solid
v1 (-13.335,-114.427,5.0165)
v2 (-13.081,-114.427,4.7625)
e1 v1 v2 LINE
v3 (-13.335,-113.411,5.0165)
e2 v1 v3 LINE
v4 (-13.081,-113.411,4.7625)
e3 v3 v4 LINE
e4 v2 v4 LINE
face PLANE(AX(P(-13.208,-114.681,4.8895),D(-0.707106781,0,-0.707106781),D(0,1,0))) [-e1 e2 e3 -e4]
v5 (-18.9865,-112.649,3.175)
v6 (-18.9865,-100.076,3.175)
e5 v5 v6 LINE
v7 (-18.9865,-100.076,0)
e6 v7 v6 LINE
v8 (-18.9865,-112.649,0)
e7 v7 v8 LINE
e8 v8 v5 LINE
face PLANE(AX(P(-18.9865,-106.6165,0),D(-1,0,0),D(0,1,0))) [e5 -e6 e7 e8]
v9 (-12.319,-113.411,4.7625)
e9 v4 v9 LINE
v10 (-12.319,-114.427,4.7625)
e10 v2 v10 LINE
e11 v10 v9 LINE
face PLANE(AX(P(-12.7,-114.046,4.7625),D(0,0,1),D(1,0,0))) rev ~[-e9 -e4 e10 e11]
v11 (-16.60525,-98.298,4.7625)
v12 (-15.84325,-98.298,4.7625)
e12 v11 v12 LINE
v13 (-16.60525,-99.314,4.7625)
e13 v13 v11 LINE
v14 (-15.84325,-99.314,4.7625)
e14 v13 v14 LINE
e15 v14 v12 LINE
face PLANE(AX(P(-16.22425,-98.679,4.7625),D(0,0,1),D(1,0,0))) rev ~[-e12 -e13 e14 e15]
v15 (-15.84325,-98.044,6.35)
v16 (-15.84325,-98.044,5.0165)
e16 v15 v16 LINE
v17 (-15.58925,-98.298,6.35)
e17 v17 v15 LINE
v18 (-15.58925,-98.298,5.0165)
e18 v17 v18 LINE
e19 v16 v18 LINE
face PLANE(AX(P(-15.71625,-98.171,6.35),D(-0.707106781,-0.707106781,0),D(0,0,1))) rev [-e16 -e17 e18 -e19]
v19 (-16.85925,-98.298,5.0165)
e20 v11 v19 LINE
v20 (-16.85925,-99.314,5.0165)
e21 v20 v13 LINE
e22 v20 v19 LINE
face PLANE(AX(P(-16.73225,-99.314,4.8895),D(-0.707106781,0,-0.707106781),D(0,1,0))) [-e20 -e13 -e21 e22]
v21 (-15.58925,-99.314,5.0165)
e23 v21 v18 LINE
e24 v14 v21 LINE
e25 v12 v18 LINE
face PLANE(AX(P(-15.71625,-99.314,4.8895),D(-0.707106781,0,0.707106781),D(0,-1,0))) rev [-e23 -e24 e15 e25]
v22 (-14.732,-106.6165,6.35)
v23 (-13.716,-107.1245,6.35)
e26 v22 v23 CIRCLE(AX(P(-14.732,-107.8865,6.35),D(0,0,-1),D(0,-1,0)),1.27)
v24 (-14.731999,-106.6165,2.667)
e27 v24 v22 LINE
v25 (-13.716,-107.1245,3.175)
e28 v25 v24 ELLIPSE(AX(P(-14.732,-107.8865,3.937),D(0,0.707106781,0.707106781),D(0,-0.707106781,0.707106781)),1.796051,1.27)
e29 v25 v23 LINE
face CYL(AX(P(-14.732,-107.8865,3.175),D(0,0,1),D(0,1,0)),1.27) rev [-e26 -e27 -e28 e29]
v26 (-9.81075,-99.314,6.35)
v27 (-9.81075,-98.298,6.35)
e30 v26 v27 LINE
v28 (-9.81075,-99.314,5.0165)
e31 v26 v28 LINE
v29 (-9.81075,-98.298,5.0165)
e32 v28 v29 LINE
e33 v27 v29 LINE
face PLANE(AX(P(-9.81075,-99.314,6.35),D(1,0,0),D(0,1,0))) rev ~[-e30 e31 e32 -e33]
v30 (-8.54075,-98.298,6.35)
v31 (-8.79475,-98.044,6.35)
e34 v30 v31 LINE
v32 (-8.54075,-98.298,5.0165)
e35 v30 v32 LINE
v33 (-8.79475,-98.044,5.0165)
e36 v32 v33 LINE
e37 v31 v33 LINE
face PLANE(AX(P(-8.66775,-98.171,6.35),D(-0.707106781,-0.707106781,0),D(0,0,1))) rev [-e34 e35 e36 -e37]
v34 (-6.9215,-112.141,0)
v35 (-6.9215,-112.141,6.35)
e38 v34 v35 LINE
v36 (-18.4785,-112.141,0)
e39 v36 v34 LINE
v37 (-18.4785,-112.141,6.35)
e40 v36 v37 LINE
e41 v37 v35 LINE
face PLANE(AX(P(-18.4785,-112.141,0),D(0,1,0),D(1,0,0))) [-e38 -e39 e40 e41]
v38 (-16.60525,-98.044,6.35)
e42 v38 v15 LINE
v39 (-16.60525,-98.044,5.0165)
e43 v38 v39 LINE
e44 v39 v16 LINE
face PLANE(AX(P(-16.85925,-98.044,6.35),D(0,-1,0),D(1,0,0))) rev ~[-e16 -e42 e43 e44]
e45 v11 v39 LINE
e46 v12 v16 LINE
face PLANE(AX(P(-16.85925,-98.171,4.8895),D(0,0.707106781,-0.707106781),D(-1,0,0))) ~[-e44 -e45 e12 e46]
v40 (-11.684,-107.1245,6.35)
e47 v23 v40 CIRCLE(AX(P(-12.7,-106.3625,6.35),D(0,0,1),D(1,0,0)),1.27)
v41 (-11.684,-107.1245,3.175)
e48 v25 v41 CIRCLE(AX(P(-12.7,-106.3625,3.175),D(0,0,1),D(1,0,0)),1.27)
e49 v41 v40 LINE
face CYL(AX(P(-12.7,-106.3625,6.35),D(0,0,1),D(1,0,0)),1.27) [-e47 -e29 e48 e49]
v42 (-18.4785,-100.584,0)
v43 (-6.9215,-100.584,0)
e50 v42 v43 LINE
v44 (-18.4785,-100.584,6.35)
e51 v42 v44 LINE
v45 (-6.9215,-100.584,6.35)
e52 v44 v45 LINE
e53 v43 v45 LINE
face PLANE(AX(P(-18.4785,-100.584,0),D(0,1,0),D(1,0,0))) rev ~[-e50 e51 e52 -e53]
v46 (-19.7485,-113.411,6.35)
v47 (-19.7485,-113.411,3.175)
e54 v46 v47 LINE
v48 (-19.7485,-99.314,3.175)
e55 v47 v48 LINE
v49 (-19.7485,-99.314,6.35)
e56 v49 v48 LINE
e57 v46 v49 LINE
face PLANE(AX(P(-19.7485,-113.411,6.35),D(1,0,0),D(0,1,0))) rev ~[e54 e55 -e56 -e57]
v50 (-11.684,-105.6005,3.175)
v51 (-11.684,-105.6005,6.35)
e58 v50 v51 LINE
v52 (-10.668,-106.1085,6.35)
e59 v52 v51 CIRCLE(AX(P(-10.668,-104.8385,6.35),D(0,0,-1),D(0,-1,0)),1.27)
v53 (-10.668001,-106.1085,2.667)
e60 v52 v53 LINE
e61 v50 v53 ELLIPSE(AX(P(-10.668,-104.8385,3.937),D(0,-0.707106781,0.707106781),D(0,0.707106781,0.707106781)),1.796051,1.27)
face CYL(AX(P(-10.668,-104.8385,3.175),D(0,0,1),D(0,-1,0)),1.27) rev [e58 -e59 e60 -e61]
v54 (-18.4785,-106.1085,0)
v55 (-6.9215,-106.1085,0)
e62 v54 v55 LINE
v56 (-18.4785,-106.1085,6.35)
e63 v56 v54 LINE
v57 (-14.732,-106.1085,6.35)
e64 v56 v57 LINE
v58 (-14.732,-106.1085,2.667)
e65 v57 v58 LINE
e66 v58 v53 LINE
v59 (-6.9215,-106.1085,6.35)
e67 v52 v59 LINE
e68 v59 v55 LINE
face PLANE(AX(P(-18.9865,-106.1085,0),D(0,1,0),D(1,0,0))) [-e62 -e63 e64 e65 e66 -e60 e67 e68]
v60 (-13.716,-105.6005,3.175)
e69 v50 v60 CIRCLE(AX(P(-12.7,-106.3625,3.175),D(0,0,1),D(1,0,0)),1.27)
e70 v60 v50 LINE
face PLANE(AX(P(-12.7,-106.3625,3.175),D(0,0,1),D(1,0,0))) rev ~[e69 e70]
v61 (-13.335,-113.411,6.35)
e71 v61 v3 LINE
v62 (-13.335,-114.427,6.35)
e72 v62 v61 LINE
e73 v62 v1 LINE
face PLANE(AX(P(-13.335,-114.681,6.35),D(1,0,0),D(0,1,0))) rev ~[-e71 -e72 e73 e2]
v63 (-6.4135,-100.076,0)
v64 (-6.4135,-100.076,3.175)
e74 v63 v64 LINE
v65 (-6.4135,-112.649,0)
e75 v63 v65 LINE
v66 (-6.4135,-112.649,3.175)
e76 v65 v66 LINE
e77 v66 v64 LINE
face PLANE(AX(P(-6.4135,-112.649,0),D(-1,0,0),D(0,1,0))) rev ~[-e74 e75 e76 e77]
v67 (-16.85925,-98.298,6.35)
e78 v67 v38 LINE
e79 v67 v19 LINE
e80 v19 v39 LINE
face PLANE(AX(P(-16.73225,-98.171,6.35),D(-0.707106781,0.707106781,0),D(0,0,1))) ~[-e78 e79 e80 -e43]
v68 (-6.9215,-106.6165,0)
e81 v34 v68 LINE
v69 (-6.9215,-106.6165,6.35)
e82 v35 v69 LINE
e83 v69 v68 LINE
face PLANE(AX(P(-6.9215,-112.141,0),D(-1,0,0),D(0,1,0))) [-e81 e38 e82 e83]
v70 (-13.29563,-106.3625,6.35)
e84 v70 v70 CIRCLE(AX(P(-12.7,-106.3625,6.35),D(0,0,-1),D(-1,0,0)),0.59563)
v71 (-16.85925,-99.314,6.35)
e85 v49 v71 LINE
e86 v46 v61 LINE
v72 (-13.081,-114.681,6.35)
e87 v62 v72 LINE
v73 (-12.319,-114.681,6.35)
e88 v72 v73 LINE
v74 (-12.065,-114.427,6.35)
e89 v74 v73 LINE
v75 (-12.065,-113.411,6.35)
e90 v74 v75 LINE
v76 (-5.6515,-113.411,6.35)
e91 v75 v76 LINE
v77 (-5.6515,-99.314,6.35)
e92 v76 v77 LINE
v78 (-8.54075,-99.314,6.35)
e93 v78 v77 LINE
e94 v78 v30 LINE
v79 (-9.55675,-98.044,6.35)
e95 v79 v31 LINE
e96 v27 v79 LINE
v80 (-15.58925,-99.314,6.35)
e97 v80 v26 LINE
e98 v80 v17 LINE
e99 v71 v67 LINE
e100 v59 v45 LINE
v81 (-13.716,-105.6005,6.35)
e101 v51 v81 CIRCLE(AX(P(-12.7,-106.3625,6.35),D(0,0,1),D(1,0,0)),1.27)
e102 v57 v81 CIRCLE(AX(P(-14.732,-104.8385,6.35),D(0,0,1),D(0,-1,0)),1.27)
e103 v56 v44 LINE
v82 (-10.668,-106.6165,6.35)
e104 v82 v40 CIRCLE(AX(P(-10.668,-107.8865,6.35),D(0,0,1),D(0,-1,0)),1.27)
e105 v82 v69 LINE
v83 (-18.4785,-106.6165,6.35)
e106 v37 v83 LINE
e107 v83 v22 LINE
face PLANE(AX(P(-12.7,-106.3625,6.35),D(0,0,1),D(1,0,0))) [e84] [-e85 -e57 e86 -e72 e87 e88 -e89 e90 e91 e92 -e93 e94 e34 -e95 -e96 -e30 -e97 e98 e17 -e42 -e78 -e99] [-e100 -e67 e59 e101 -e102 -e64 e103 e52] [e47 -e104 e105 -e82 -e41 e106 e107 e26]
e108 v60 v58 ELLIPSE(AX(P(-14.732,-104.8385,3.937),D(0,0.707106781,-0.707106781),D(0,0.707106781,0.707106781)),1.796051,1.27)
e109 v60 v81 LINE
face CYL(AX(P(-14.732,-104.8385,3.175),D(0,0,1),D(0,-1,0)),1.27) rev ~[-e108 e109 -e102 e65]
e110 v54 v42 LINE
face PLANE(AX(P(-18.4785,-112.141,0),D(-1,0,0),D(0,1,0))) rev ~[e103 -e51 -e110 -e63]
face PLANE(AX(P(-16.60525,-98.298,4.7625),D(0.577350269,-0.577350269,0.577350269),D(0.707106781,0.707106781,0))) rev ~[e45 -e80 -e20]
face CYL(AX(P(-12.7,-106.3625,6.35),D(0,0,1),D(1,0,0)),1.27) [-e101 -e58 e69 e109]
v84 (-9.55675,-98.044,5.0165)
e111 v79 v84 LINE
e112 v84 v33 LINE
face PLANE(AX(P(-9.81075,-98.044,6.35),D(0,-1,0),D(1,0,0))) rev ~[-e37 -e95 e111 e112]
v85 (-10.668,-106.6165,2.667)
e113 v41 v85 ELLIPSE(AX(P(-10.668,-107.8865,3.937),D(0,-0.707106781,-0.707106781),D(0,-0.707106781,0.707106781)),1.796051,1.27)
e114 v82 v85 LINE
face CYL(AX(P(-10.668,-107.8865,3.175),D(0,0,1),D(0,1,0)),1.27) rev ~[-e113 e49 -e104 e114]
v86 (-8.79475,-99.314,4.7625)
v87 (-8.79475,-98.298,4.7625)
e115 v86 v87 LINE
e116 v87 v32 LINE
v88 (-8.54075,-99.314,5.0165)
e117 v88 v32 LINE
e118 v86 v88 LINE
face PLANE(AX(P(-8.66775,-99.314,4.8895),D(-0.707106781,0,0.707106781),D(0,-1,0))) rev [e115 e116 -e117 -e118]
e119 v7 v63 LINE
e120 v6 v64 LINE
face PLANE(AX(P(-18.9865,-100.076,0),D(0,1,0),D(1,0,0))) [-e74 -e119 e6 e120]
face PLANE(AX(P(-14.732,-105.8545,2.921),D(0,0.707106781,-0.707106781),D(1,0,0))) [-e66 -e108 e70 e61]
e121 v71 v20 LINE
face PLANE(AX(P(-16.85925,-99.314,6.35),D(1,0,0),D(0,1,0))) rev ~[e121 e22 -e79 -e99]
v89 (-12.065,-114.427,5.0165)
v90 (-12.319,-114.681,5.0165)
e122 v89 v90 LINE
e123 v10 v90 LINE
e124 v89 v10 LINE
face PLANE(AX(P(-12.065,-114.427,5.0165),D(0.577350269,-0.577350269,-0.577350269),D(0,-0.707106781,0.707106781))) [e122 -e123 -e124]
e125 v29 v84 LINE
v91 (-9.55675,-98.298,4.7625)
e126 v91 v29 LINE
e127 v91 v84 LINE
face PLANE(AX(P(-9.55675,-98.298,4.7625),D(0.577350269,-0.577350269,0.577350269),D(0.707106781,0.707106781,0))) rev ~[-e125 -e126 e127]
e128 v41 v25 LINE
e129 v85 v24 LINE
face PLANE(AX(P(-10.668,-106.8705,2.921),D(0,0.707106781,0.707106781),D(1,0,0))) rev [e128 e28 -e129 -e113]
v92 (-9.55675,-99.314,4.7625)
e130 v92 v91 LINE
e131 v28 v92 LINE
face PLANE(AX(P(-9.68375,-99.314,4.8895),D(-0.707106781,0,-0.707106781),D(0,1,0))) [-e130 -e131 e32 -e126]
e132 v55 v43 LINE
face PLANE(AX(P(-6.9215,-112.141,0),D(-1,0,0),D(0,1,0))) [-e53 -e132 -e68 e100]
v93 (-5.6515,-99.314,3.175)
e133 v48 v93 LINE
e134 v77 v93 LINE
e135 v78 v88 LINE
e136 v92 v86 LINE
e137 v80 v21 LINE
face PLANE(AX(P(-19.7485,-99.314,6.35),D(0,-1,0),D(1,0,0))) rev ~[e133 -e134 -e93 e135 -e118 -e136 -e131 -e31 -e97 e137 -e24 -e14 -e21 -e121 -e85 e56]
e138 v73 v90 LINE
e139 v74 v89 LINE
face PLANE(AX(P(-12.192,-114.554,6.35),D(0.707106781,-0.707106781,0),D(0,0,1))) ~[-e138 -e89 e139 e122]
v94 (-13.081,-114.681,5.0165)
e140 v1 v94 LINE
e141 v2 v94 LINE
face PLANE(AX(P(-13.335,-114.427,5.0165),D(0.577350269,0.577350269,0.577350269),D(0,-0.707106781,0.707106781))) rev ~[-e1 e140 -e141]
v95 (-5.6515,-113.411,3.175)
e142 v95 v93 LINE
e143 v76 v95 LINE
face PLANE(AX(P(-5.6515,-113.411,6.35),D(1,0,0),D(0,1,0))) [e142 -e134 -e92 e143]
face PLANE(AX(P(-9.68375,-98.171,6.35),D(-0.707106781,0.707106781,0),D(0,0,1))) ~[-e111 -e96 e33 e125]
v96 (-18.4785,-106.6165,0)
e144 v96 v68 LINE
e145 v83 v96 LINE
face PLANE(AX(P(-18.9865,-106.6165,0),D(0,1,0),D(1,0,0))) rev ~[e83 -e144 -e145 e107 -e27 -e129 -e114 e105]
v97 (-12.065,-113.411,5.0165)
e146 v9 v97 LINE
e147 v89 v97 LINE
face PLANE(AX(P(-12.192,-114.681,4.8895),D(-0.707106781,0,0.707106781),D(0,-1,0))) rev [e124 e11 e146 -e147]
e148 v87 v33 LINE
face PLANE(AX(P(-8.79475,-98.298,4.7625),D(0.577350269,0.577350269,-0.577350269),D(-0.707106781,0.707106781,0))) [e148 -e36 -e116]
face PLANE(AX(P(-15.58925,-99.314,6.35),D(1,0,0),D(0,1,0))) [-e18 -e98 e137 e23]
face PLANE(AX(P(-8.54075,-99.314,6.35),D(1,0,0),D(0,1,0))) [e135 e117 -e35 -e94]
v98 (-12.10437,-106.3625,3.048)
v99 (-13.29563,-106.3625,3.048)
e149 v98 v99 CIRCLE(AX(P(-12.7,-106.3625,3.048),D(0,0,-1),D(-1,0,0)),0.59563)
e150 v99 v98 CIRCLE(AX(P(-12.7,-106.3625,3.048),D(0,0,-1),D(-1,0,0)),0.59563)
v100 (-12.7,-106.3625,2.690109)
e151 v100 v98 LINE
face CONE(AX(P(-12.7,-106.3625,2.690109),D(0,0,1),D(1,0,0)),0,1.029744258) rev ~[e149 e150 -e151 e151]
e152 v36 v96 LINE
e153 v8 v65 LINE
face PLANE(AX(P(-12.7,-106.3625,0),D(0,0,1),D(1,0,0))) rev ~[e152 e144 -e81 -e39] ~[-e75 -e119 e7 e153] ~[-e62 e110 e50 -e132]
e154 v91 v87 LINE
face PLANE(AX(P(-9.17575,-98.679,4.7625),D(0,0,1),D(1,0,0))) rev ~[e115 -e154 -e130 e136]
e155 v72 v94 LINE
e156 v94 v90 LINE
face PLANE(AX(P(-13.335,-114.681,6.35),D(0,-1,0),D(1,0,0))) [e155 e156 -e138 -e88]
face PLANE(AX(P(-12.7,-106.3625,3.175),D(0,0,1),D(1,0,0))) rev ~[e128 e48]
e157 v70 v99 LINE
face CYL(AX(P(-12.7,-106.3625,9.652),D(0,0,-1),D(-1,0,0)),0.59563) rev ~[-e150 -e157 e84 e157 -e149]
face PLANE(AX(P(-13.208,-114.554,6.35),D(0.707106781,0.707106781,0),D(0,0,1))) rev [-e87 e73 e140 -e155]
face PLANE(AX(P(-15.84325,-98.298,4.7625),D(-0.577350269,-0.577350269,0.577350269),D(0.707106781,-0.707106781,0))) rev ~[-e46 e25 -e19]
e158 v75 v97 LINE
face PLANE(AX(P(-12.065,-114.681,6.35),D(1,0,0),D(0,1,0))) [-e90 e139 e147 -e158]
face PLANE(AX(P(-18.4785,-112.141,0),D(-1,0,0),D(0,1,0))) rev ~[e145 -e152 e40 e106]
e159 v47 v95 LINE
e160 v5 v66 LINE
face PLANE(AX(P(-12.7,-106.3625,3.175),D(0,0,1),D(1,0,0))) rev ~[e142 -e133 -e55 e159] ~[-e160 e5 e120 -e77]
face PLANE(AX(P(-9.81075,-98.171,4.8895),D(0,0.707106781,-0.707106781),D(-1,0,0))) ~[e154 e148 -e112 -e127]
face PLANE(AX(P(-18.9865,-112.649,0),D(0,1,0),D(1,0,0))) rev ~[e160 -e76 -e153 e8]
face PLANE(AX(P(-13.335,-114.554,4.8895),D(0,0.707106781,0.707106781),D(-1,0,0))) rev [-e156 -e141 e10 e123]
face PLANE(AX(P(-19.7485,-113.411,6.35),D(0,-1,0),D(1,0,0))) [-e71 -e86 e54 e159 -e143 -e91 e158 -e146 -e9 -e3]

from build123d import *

# Parameters (mm, degrees)
SKETCH1_W                 = 12.573
SKETCH1_H                 = 12.573
SKETCH1_W_2               = 11.557
SKETCH1_H_2               = 11.557
EXTRUDE_THIN1_DEPTH       = 6.35
SKETCH1_4_W               = 12.573
SKETCH1_4_H               = 0.508
EXTRUDE_THIN2_DEPTH       = 6.35
SKETCH2_W                 = 14.097
SKETCH2_H                 = 14.097
SKETCH2_W_2               = 12.573
SKETCH2_H_2               = 12.573
BOSS_EXTRUDE1_DEPTH       = 3.175
SKETCH3_R                 = 1.27
BOSS_EXTRUDE2_DEPTH       = 3.175
FILLET2_R                 = 1.27
CHAMFER1_SIZE             = 0.508
F_0_80_TAPPED_HOLE1_D     = 1.19126
F_0_80_TAPPED_HOLE1_DEPTH = 3.302
F_0_80_TAPPED_HOLE1_TIP   = 0.357890611
SKETCH6_W                 = 1.27
SKETCH6_H                 = 1.27
EXTRUDE_THIN3_DEPTH       = 1.5875
CHAMFER2_SIZE             = 0.254


with BuildPart() as part:
    # Sketch1 → Extrude-Thin1 (new body)
    with BuildSketch(Plane.XY):
        with Locations((-12.7, -106.3625)):
            Rectangle(SKETCH1_W, SKETCH1_H)
        with Locations((-12.7, -106.3625)):
            Rectangle(SKETCH1_W_2, SKETCH1_H_2, mode=Mode.SUBTRACT)
    extrude(amount=EXTRUDE_THIN1_DEPTH)

    # Sketch1<4> → Extrude-Thin2 (add, through all)
    with BuildSketch(Plane.XY):
        with Locations((-12.7, -106.3625)):
            Rectangle(SKETCH1_4_W, SKETCH1_4_H)
    extrude(amount=EXTRUDE_THIN2_DEPTH)

    # Sketch2 → Boss-Extrude1 (add)
    with BuildSketch(Plane.XY.offset(6.35)):
        with Locations((-12.7, -106.3625)):
            Rectangle(SKETCH2_W, SKETCH2_H)
        with Locations((-12.7, -106.3625)):
            Rectangle(SKETCH2_W_2, SKETCH2_H_2, mode=Mode.SUBTRACT)
    extrude(amount=-BOSS_EXTRUDE1_DEPTH)

    # Sketch3 → Boss-Extrude2 (add)
    with BuildSketch(Plane.XY.offset(6.35)):
        with Locations((-12.7, -106.3625)):
            Circle(SKETCH3_R)
    extrude(amount=-BOSS_EXTRUDE2_DEPTH)

    # Fillet2
    fillet2_edges = [part.edges().sort_by_distance(p)[0] for p in [
        (-13.944340789, -106.6165, 4.7625),
        (-11.455659211, -106.6165, 4.7625),
        (-11.455659211, -106.1085, 4.7625),
        (-13.944340789, -106.1085, 4.7625),
    ]]
    fillet(fillet2_edges, radius=FILLET2_R)

    # Chamfer1
    chamfer1_edges = [part.edges().sort_by_distance(p)[0] for p in [
        (-12.7, -106.6165, 3.175),
        (-12.7, -106.1085, 3.175),
    ]]
    chamfer(chamfer1_edges, length=CHAMFER1_SIZE)

    # #0-80 Tapped Hole1
    with Locations(Plane.XY.offset(6.35)):
        with Locations((-12.7, -106.3625)):
            Hole(F_0_80_TAPPED_HOLE1_D / 2, depth=F_0_80_TAPPED_HOLE1_DEPTH)
            with Locations((0, 0, -(F_0_80_TAPPED_HOLE1_DEPTH + F_0_80_TAPPED_HOLE1_TIP / 2))):  # 118° drill point
                Cone(0, F_0_80_TAPPED_HOLE1_D / 2, F_0_80_TAPPED_HOLE1_TIP, mode=Mode.SUBTRACT)

    # Sketch6 → Extrude-Thin3 (add)
    with BuildSketch(Plane.XY.offset(6.35)):
        with Locations((-12.7, -114.046)):
            Rectangle(SKETCH6_W, SKETCH6_H)
        with Locations((-9.17575, -98.679)):
            Rectangle(SKETCH6_W, SKETCH6_H)
        with Locations((-16.22425, -98.679)):
            Rectangle(SKETCH6_W, SKETCH6_H)
    extrude(amount=-EXTRUDE_THIN3_DEPTH)

    # Chamfer2
    chamfer2_edges = [part.edges().sort_by_distance(p)[0] for p in [
        (-12.7, -114.681, 4.7625),
        (-12.065, -114.046, 4.7625),
        (-13.335, -114.046, 4.7625),
        (-8.54075, -98.044, 5.55625),
        (-9.81075, -98.044, 5.55625),
        (-16.85925, -98.044, 5.55625),
        (-15.58925, -98.044, 5.55625),
        (-13.335, -114.681, 5.55625),
        (-12.065, -114.681, 5.55625),
        (-9.81075, -98.679, 4.7625),
        (-8.54075, -98.679, 4.7625),
        (-9.17575, -98.044, 4.7625),
        (-16.85925, -98.679, 4.7625),
        (-16.22425, -98.044, 4.7625),
        (-15.58925, -98.679, 4.7625),
    ]]
    chamfer(chamfer2_edges, length=CHAMFER2_SIZE)


solid = part.part
